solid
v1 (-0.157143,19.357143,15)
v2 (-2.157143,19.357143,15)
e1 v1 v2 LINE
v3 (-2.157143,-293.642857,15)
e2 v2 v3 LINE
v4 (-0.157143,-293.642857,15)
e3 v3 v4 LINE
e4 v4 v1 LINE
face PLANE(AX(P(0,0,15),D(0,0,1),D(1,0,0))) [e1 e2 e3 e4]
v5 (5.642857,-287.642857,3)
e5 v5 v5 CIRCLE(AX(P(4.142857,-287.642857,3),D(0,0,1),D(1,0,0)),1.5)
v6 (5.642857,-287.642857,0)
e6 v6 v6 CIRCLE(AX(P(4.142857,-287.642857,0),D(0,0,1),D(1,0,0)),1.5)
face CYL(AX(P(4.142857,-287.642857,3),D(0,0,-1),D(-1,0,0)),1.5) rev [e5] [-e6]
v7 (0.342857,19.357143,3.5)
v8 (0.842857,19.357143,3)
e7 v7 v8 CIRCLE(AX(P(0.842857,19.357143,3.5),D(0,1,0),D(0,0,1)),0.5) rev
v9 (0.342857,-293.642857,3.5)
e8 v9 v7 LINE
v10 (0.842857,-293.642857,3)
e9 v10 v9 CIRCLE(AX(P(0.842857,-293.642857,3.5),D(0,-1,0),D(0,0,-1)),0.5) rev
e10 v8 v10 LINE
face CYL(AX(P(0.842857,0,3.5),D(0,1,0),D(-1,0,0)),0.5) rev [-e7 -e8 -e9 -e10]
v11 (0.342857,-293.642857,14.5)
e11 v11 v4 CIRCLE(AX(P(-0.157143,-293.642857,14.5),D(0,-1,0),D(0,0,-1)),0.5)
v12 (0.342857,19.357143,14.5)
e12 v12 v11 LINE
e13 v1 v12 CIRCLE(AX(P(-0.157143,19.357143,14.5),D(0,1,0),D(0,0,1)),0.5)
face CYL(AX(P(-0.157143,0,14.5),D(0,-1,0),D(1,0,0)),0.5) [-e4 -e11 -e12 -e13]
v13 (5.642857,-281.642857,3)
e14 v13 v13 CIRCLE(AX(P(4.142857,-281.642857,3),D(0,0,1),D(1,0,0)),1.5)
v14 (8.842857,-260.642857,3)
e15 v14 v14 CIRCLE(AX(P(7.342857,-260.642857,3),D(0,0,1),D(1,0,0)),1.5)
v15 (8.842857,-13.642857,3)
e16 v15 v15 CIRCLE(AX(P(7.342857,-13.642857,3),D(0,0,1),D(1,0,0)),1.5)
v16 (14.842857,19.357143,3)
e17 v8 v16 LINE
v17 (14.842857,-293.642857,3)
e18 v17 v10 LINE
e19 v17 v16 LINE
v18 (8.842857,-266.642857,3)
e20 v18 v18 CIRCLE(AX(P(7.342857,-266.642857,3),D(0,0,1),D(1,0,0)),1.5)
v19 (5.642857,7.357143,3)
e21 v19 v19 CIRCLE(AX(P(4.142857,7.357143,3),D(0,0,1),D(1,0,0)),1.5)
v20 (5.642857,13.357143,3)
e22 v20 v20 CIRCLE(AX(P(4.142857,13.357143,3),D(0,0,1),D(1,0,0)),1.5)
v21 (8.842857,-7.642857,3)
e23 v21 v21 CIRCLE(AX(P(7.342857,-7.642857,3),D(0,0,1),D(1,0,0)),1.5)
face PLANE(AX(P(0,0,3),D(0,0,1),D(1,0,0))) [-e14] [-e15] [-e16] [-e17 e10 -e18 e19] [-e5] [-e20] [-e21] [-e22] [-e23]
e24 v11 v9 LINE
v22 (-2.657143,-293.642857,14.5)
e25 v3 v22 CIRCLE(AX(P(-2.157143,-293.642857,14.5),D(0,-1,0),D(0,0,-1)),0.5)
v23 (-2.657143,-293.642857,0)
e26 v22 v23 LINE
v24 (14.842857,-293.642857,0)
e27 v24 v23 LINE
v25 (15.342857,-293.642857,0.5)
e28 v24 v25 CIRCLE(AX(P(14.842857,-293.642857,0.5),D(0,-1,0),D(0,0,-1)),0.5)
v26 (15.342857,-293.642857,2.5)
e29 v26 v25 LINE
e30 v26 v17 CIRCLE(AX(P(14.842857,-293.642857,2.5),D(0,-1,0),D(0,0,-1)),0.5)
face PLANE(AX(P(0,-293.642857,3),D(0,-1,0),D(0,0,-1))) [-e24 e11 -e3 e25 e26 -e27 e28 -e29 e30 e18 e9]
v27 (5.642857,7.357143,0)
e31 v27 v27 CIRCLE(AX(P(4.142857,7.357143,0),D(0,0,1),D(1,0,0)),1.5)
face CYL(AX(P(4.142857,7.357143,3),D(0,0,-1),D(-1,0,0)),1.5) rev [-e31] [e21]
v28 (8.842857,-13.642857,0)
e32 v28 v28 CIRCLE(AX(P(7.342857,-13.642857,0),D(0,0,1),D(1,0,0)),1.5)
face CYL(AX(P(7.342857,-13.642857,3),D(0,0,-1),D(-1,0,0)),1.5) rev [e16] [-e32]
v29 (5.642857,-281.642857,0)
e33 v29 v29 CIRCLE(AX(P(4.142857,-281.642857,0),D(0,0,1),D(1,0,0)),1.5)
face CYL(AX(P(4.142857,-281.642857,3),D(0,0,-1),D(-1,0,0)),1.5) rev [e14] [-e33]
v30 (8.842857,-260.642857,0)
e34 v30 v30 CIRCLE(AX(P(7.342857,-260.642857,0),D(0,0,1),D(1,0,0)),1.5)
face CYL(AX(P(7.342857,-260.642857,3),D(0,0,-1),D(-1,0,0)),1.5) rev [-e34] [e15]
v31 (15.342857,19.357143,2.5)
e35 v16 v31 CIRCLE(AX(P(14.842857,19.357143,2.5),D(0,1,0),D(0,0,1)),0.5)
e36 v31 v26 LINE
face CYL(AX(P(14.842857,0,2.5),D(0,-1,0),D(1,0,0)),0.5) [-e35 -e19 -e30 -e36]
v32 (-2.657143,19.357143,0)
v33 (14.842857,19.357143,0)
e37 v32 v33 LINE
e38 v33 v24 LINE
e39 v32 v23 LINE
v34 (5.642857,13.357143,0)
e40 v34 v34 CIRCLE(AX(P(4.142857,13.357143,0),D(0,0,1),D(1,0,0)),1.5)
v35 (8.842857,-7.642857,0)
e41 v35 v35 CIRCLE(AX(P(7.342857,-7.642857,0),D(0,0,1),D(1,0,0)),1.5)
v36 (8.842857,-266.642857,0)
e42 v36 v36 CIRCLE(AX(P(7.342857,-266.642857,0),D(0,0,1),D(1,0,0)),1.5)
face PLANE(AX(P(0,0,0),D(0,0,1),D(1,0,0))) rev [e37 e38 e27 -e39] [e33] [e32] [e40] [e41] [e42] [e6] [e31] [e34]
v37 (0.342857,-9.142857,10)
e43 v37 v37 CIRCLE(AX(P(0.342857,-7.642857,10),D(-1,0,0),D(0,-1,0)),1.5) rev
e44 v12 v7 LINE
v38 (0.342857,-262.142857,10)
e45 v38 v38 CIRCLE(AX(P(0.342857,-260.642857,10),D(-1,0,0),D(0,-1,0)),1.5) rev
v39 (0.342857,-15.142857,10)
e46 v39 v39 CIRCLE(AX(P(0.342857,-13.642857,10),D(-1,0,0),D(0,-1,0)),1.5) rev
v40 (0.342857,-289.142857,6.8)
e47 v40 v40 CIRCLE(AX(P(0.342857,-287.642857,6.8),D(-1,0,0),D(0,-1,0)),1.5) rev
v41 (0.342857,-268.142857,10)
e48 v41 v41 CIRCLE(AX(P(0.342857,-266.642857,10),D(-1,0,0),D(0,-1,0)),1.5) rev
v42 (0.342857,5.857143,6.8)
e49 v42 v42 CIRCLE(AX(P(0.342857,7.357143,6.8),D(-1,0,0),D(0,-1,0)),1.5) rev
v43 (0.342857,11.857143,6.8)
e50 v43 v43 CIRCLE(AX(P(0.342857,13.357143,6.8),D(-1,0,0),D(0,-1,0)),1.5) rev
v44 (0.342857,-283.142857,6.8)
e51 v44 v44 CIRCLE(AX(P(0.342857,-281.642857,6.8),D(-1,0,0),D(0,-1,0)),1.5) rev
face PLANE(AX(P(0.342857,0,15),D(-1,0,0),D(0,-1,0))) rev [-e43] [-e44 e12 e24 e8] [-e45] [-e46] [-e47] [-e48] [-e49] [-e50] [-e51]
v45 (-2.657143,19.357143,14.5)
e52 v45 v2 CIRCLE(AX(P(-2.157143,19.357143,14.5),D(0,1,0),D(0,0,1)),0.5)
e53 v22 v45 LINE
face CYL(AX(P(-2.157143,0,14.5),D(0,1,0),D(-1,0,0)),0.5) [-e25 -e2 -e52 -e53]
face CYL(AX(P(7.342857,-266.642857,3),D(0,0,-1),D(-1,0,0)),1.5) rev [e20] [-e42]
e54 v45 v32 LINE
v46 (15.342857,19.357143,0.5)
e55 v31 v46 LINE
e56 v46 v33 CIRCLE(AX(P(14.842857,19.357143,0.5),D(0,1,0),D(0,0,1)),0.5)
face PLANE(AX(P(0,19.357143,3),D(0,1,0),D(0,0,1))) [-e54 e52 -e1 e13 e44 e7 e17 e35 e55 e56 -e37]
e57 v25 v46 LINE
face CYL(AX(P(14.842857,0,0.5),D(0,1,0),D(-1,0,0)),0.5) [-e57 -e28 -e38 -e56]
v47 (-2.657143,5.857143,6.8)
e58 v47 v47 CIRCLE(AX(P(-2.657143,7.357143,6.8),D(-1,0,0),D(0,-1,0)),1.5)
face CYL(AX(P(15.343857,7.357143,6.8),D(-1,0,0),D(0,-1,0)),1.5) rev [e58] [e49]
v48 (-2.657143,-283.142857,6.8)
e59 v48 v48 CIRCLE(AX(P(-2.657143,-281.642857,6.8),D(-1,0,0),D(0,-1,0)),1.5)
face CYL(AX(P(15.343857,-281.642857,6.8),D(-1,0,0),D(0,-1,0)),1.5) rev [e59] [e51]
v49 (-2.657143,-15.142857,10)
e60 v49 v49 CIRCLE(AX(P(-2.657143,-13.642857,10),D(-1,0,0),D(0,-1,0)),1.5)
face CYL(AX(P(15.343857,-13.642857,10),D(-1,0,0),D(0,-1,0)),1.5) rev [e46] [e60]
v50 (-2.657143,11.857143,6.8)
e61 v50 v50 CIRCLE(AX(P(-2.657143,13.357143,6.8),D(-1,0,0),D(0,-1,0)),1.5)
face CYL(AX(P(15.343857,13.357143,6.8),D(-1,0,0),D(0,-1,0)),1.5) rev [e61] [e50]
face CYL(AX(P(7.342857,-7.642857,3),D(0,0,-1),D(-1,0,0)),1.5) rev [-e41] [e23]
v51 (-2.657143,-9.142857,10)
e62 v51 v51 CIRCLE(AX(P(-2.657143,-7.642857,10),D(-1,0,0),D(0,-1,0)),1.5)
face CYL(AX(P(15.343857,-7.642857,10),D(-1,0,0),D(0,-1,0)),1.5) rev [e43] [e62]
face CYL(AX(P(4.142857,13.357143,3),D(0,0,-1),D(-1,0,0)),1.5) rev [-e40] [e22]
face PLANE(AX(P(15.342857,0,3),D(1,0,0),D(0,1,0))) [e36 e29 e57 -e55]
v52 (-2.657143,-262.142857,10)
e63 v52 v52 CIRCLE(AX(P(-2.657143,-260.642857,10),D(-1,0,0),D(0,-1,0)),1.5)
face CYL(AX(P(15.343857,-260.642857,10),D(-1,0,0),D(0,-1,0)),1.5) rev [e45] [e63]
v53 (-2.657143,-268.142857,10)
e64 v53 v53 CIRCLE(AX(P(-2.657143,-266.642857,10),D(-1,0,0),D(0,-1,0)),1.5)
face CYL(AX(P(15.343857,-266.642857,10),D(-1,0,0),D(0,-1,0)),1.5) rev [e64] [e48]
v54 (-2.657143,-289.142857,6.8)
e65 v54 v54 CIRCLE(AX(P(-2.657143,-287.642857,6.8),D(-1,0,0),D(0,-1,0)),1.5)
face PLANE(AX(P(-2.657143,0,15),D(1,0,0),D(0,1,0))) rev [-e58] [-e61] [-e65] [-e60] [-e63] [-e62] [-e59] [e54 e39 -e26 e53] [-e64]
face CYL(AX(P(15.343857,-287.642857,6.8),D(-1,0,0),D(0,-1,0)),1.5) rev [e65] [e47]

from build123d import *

# Parameters (mm, degrees)
SKETCH1_W           = 15
SKETCH1_H           = 313
SKETCH1_R           = 1.5
BOSS_EXTRUDE2_DEPTH = 3
SKETCH1_4_W         = 3
SKETCH1_4_H         = 313
BOSS_EXTRUDE3_DEPTH = 15
CUT_EXTRUDE1_REACH  = 296.576
SKETCH2_R           = 1.5
FILLET1_R           = 0.5


with BuildPart() as part:
    # Sketch1 → Boss-Extrude2 (new body)
    with BuildSketch(Plane.XY):
        with Locations((7.842857143, -137.142857143)):
            Rectangle(SKETCH1_W, SKETCH1_H)
        with Locations((4.142857143, -287.642857143)):
            Circle(SKETCH1_R, mode=Mode.SUBTRACT)
        with Locations((4.142857143, -281.642857143)):
            Circle(SKETCH1_R, mode=Mode.SUBTRACT)
        with Locations((7.342857143, -266.642857143)):
            Circle(SKETCH1_R, mode=Mode.SUBTRACT)
        with Locations((7.342857143, -260.642857143)):
            Circle(SKETCH1_R, mode=Mode.SUBTRACT)
        with Locations((4.142857143, 7.357142857)):
            Circle(SKETCH1_R, mode=Mode.SUBTRACT)
        with Locations((4.142857143, 13.357142857)):
            Circle(SKETCH1_R, mode=Mode.SUBTRACT)
        with Locations((7.342857143, -13.642857143)):
            Circle(SKETCH1_R, mode=Mode.SUBTRACT)
        with Locations((7.342857143, -7.642857143)):
            Circle(SKETCH1_R, mode=Mode.SUBTRACT)
    extrude(amount=BOSS_EXTRUDE2_DEPTH)

    # Sketch1<4> → Boss-Extrude3 (add)
    with BuildSketch(Plane.XY):
        with Locations((-1.157142857, -137.142857143)):
            Rectangle(SKETCH1_4_W, SKETCH1_4_H)
    extrude(amount=BOSS_EXTRUDE3_DEPTH)

    # Sketch2 → Cut-Extrude1 (cut, up to next)
    with BuildSketch(Plane.ZY.offset(2.657142857), mode=Mode.PRIVATE) as cut_extrude1_sk1:
        with Locations((6.8, 13.357142857)):
            Circle(SKETCH2_R)
    cut_extrude1_tool1 = extrude(cut_extrude1_sk1.sketch, amount=-CUT_EXTRUDE1_REACH, mode=Mode.PRIVATE) & part.part
    # Sketch2 → Cut-Extrude1 (cut, up to next)
    with BuildSketch(Plane.ZY.offset(2.657142857), mode=Mode.PRIVATE) as cut_extrude1_sk2:
        with Locations((6.8, -287.642857143)):
            Circle(SKETCH2_R)
    cut_extrude1_tool2 = extrude(cut_extrude1_sk2.sketch, amount=-CUT_EXTRUDE1_REACH, mode=Mode.PRIVATE) & part.part
    # Sketch2 → Cut-Extrude1 (cut, up to next)
    with BuildSketch(Plane.ZY.offset(2.657142857), mode=Mode.PRIVATE) as cut_extrude1_sk3:
        with Locations((6.8, -281.642857143)):
            Circle(SKETCH2_R)
    cut_extrude1_tool3 = extrude(cut_extrude1_sk3.sketch, amount=-CUT_EXTRUDE1_REACH, mode=Mode.PRIVATE) & part.part
    # Sketch2 → Cut-Extrude1 (cut, up to next)
    with BuildSketch(Plane.ZY.offset(2.657142857), mode=Mode.PRIVATE) as cut_extrude1_sk4:
        with Locations((6.8, 7.357142857)):
            Circle(SKETCH2_R)
    cut_extrude1_tool4 = extrude(cut_extrude1_sk4.sketch, amount=-CUT_EXTRUDE1_REACH, mode=Mode.PRIVATE) & part.part
    # Sketch2 → Cut-Extrude1 (cut, up to next)
    with BuildSketch(Plane.ZY.offset(2.657142857), mode=Mode.PRIVATE) as cut_extrude1_sk5:
        with Locations((10, -266.642857143)):
            Circle(SKETCH2_R)
    cut_extrude1_tool5 = extrude(cut_extrude1_sk5.sketch, amount=-CUT_EXTRUDE1_REACH, mode=Mode.PRIVATE) & part.part
    # Sketch2 → Cut-Extrude1 (cut, up to next)
    with BuildSketch(Plane.ZY.offset(2.657142857), mode=Mode.PRIVATE) as cut_extrude1_sk6:
        with Locations((10, -260.642857143)):
            Circle(SKETCH2_R)
    cut_extrude1_tool6 = extrude(cut_extrude1_sk6.sketch, amount=-CUT_EXTRUDE1_REACH, mode=Mode.PRIVATE) & part.part
    # Sketch2 → Cut-Extrude1 (cut, up to next)
    with BuildSketch(Plane.ZY.offset(2.657142857), mode=Mode.PRIVATE) as cut_extrude1_sk7:
        with Locations((10, -13.642857143)):
            Circle(SKETCH2_R)
    cut_extrude1_tool7 = extrude(cut_extrude1_sk7.sketch, amount=-CUT_EXTRUDE1_REACH, mode=Mode.PRIVATE) & part.part
    # Sketch2 → Cut-Extrude1 (cut, up to next)
    with BuildSketch(Plane.ZY.offset(2.657142857), mode=Mode.PRIVATE) as cut_extrude1_sk8:
        with Locations((10, -7.642857143)):
            Circle(SKETCH2_R)
    cut_extrude1_tool8 = extrude(cut_extrude1_sk8.sketch, amount=-CUT_EXTRUDE1_REACH, mode=Mode.PRIVATE) & part.part
    add(cut_extrude1_tool1.solids().sort_by_distance((-2.657143, 13.357143, 6.8))[0], mode=Mode.SUBTRACT)
    add(cut_extrude1_tool2.solids().sort_by_distance((-2.657143, -287.642857, 6.8))[0], mode=Mode.SUBTRACT)
    add(cut_extrude1_tool3.solids().sort_by_distance((-2.657143, -281.642857, 6.8))[0], mode=Mode.SUBTRACT)
    add(cut_extrude1_tool4.solids().sort_by_distance((-2.657143, 7.357143, 6.8))[0], mode=Mode.SUBTRACT)
    add(cut_extrude1_tool5.solids().sort_by_distance((-2.657143, -266.642857, 10))[0], mode=Mode.SUBTRACT)
    add(cut_extrude1_tool6.solids().sort_by_distance((-2.657143, -260.642857, 10))[0], mode=Mode.SUBTRACT)
    add(cut_extrude1_tool7.solids().sort_by_distance((-2.657143, -13.642857, 10))[0], mode=Mode.SUBTRACT)
    add(cut_extrude1_tool8.solids().sort_by_distance((-2.657143, -7.642857, 10))[0], mode=Mode.SUBTRACT)

    # Fillet1
    fillet1_edges = [part.edges().sort_by_distance(p)[0] for p in [
        (15.342857143, -137.142857143, 0),
        (15.342857143, -137.142857143, 3),
        (-2.657142857, -137.142857143, 15),
        (0.342857143, -137.142857143, 15),
        (0.342857143, -137.142857143, 3),
    ]]
    fillet(fillet1_edges, radius=FILLET1_R)


solid = part.part
